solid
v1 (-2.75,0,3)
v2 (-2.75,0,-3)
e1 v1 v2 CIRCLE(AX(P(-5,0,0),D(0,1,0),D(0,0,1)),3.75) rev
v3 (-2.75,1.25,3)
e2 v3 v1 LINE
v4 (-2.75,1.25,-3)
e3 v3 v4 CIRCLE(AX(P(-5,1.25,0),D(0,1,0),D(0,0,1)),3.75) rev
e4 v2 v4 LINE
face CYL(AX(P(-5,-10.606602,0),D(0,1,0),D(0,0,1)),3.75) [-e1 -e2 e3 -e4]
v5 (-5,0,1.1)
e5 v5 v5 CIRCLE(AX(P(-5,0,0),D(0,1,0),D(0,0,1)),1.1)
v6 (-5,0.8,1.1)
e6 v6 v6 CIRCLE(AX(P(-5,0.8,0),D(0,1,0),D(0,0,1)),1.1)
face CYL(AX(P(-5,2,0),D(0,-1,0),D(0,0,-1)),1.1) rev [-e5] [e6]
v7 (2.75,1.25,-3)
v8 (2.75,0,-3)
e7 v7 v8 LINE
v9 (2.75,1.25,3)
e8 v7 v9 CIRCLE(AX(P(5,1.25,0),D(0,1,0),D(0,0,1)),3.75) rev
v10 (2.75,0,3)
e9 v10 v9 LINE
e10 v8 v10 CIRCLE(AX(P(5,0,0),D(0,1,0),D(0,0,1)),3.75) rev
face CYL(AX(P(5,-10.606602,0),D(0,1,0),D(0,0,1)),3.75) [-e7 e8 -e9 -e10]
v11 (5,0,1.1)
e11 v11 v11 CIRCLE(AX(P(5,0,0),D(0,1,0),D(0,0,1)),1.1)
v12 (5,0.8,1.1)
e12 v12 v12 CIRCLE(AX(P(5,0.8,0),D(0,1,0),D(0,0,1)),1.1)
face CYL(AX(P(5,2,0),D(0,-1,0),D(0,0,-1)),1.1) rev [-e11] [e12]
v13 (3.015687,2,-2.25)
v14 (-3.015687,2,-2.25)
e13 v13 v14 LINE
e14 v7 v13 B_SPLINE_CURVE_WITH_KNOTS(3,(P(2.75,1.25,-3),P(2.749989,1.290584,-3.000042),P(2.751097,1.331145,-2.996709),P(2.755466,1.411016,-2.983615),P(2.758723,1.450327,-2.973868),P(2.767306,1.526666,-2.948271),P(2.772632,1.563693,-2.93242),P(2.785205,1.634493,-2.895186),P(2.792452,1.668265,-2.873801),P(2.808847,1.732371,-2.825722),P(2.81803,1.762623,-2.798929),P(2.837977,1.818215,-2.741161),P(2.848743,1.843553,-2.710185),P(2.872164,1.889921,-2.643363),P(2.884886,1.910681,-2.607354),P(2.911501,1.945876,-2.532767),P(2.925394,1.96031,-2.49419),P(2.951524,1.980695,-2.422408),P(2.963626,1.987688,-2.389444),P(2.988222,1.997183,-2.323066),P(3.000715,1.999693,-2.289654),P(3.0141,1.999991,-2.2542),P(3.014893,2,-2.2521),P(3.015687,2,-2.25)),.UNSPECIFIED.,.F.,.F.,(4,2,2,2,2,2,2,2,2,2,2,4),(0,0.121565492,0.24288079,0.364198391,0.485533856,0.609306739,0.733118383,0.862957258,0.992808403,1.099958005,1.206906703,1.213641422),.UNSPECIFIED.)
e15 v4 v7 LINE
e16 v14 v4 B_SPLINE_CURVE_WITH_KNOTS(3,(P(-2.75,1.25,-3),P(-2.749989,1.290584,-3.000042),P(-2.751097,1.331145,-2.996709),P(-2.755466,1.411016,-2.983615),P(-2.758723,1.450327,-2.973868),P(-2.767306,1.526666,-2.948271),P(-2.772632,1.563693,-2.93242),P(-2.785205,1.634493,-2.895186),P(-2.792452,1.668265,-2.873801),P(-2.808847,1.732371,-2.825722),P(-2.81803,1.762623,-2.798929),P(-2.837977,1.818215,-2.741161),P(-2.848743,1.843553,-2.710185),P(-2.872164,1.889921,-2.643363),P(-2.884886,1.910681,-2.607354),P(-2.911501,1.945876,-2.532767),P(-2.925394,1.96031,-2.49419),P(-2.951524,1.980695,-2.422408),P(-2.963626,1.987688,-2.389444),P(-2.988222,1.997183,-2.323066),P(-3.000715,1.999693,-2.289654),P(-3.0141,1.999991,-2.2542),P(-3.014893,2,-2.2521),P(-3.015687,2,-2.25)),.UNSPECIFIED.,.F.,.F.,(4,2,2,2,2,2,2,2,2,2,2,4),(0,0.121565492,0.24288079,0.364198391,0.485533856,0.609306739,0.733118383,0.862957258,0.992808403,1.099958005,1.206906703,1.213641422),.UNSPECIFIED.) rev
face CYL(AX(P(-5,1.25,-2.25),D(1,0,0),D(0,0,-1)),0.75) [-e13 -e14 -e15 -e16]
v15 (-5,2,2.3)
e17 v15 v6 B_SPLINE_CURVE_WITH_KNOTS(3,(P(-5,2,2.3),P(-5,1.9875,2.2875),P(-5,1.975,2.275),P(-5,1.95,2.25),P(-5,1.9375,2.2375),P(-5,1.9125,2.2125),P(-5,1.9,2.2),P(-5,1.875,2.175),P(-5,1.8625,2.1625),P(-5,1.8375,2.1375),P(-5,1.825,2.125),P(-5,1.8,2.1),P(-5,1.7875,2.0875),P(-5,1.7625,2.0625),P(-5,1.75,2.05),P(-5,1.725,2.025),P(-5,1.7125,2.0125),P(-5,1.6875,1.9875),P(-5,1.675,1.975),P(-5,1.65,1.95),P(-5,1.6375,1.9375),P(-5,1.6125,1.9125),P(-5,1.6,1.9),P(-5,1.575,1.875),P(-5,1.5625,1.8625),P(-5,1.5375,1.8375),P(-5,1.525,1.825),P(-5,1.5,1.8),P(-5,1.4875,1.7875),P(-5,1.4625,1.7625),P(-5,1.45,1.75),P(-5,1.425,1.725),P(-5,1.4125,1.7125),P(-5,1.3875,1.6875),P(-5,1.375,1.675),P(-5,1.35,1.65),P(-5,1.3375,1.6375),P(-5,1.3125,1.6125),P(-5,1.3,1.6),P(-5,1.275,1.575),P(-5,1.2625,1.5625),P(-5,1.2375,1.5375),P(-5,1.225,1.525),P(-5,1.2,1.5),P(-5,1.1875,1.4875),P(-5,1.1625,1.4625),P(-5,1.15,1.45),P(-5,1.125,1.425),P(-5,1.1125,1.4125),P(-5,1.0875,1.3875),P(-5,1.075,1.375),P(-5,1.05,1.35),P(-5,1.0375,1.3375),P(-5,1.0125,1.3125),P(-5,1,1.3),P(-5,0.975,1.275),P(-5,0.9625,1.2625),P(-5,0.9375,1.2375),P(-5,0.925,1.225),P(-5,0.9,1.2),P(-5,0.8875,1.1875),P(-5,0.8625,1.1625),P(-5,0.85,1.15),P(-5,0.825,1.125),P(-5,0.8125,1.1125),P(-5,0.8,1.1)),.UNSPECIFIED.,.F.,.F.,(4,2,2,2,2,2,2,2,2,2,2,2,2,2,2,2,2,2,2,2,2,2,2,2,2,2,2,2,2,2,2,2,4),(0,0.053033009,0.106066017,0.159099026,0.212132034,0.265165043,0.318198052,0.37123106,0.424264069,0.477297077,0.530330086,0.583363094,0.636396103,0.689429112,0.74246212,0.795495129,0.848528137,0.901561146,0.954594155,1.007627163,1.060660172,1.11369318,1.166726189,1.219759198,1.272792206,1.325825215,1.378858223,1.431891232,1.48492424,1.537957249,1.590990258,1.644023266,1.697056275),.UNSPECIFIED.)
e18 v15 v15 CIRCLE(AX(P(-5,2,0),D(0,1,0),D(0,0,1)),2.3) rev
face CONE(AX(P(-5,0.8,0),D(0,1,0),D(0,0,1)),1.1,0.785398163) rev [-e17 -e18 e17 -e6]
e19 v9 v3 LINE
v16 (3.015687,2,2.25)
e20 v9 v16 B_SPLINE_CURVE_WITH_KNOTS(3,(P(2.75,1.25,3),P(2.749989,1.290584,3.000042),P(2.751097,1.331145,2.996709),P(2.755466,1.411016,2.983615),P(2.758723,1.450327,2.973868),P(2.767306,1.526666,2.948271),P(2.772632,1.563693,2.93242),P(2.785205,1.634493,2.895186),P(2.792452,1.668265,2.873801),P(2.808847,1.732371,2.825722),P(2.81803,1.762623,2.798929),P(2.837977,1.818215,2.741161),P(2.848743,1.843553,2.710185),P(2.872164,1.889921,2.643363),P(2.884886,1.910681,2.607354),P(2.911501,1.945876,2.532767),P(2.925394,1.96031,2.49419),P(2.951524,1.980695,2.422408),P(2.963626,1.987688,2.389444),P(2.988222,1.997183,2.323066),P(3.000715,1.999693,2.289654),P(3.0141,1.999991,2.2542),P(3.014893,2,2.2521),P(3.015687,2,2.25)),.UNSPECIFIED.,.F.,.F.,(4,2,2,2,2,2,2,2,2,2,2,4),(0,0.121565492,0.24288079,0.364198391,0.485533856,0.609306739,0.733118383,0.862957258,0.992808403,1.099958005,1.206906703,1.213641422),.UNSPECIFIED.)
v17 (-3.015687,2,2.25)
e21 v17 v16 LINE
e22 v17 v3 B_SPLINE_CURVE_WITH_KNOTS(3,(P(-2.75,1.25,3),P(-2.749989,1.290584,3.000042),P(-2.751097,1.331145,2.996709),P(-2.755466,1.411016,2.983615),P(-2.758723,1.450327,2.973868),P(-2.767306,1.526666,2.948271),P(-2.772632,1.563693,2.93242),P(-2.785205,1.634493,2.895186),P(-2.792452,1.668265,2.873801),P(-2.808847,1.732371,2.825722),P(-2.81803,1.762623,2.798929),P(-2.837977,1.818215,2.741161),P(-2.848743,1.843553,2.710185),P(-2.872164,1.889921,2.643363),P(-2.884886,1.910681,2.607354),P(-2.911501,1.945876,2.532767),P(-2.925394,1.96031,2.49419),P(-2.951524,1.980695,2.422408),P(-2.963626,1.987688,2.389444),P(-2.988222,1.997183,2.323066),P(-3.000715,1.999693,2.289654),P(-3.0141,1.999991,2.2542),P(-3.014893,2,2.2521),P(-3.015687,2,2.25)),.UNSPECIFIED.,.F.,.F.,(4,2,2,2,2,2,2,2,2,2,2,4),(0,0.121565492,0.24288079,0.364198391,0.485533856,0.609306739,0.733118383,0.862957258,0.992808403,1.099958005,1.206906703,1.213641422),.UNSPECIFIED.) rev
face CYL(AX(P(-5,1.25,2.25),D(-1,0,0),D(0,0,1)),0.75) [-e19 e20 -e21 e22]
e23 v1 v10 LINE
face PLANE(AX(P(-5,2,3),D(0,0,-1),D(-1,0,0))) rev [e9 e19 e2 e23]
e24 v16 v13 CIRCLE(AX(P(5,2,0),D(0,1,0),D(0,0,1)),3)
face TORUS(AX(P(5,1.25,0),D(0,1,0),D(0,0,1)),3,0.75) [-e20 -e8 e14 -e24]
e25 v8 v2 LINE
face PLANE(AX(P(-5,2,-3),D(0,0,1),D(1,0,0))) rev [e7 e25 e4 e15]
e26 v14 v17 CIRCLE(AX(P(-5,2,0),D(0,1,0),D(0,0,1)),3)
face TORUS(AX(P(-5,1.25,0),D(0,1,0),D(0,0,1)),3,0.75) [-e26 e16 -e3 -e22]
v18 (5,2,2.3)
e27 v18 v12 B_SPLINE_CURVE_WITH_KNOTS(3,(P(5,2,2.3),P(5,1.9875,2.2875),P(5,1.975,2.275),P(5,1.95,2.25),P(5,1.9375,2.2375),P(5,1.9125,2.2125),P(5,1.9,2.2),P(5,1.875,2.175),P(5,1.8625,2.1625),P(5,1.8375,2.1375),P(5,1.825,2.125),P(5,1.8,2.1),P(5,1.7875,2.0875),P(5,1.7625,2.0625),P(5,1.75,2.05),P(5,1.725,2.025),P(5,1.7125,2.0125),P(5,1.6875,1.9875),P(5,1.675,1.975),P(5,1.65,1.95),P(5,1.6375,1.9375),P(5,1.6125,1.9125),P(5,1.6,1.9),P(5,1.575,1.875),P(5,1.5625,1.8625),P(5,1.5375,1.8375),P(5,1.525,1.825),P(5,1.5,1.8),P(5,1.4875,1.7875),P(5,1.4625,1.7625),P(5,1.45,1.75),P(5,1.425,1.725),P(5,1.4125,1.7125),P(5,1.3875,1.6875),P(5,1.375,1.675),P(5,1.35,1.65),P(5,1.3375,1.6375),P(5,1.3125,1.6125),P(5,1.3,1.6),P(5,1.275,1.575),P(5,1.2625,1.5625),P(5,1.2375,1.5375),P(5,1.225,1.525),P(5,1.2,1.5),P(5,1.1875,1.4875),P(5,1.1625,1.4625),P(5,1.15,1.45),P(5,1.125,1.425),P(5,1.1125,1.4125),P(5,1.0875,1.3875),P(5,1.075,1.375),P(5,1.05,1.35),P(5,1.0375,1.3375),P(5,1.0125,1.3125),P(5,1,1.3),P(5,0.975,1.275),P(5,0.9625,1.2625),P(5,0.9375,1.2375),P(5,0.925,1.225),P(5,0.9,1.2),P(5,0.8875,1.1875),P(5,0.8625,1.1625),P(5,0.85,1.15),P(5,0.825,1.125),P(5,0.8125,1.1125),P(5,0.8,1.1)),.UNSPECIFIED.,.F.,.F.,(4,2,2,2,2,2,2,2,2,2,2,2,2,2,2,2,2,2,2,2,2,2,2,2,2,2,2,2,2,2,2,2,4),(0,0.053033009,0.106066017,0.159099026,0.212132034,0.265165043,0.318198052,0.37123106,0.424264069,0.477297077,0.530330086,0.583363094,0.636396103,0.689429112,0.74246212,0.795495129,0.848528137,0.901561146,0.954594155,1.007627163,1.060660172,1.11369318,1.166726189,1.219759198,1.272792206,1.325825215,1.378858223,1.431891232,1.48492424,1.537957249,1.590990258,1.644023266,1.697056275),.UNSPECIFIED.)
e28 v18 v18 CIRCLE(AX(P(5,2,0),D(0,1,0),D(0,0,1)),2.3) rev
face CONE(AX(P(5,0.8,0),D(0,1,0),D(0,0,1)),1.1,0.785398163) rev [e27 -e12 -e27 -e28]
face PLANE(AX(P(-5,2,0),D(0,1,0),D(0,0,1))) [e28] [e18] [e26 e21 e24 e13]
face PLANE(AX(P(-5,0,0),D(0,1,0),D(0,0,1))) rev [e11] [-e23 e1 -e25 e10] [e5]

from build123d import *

# Parameters (mm, degrees)
SKETCH1_R           = 1.1
BOSS_EXTRUDE1_DEPTH = 2
BOSS_EXTRUDE3_START = -2
SKETCH3_R           = 3.75
SKETCH3_R_2         = 1.1
BOSS_EXTRUDE3_DEPTH = 2
CHAMFER1_SIZE       = 1.2
FILLET1_R           = 0.75


with BuildPart() as part:
    # Sketch1 → Boss-Extrude1 (new body)
    with BuildSketch(Plane(origin=(0, 0, 0), x_dir=(1, 0, 0), z_dir=(0, 1, 0))):
        with BuildLine():
            Line((-5, 3), (5, 3))
            ThreePointArc((5, 3), (8, 0), (5, -3))
            Line((5, -3), (-5, -3))
            ThreePointArc((-5, -3), (-8, 0), (-5, 3))
        make_face()
        with Locations(Location((-5, 0, 0), (0, 0, 270))):
            Circle(SKETCH1_R, mode=Mode.SUBTRACT)
        with Locations(Location((5, 0, 0), (0, 0, 270))):
            Circle(SKETCH1_R, mode=Mode.SUBTRACT)
    extrude(amount=BOSS_EXTRUDE1_DEPTH)

    # Sketch3 → Boss-Extrude3 (add)
    # profile 1 of 2: a face of its own
    with BuildSketch(Plane(origin=(0, 2, 0), x_dir=(1, 0, 0), z_dir=(0, 1, 0)).offset(BOSS_EXTRUDE3_START)):
        with Locations((-5, 0)):
            Circle(SKETCH3_R)
        with Locations(Location((-5, 0, 0), (0, 0, 270))):
            Circle(SKETCH3_R_2, mode=Mode.SUBTRACT)
    # profile 2 of 2: a face of its own
    with BuildSketch(Plane(origin=(0, 2, 0), x_dir=(1, 0, 0), z_dir=(0, 1, 0)).offset(BOSS_EXTRUDE3_START)):
        with Locations((5, 0)):
            Circle(SKETCH3_R)
        with Locations(Location((5, 0, 0), (0, 0, 270))):
            Circle(SKETCH3_R_2, mode=Mode.SUBTRACT)
    extrude(amount=BOSS_EXTRUDE3_DEPTH)

    # Chamfer1
    chamfer1_edges = [part.edges().sort_by_distance(p)[0] for p in [
        (-5, 2, -1.1),
        (5, 2, -1.1),
    ]]
    chamfer(chamfer1_edges, length=CHAMFER1_SIZE)

    # Fillet1
    fillet1_edges = [part.edges().sort_by_distance(p)[0] for p in [
        (0, 2, 3),
        (-8.75, 2, 0),
        (0, 2, -3),
        (8.75, 2, 0),
    ]]
    fillet(fillet1_edges, radius=FILLET1_R)


solid = part.part
